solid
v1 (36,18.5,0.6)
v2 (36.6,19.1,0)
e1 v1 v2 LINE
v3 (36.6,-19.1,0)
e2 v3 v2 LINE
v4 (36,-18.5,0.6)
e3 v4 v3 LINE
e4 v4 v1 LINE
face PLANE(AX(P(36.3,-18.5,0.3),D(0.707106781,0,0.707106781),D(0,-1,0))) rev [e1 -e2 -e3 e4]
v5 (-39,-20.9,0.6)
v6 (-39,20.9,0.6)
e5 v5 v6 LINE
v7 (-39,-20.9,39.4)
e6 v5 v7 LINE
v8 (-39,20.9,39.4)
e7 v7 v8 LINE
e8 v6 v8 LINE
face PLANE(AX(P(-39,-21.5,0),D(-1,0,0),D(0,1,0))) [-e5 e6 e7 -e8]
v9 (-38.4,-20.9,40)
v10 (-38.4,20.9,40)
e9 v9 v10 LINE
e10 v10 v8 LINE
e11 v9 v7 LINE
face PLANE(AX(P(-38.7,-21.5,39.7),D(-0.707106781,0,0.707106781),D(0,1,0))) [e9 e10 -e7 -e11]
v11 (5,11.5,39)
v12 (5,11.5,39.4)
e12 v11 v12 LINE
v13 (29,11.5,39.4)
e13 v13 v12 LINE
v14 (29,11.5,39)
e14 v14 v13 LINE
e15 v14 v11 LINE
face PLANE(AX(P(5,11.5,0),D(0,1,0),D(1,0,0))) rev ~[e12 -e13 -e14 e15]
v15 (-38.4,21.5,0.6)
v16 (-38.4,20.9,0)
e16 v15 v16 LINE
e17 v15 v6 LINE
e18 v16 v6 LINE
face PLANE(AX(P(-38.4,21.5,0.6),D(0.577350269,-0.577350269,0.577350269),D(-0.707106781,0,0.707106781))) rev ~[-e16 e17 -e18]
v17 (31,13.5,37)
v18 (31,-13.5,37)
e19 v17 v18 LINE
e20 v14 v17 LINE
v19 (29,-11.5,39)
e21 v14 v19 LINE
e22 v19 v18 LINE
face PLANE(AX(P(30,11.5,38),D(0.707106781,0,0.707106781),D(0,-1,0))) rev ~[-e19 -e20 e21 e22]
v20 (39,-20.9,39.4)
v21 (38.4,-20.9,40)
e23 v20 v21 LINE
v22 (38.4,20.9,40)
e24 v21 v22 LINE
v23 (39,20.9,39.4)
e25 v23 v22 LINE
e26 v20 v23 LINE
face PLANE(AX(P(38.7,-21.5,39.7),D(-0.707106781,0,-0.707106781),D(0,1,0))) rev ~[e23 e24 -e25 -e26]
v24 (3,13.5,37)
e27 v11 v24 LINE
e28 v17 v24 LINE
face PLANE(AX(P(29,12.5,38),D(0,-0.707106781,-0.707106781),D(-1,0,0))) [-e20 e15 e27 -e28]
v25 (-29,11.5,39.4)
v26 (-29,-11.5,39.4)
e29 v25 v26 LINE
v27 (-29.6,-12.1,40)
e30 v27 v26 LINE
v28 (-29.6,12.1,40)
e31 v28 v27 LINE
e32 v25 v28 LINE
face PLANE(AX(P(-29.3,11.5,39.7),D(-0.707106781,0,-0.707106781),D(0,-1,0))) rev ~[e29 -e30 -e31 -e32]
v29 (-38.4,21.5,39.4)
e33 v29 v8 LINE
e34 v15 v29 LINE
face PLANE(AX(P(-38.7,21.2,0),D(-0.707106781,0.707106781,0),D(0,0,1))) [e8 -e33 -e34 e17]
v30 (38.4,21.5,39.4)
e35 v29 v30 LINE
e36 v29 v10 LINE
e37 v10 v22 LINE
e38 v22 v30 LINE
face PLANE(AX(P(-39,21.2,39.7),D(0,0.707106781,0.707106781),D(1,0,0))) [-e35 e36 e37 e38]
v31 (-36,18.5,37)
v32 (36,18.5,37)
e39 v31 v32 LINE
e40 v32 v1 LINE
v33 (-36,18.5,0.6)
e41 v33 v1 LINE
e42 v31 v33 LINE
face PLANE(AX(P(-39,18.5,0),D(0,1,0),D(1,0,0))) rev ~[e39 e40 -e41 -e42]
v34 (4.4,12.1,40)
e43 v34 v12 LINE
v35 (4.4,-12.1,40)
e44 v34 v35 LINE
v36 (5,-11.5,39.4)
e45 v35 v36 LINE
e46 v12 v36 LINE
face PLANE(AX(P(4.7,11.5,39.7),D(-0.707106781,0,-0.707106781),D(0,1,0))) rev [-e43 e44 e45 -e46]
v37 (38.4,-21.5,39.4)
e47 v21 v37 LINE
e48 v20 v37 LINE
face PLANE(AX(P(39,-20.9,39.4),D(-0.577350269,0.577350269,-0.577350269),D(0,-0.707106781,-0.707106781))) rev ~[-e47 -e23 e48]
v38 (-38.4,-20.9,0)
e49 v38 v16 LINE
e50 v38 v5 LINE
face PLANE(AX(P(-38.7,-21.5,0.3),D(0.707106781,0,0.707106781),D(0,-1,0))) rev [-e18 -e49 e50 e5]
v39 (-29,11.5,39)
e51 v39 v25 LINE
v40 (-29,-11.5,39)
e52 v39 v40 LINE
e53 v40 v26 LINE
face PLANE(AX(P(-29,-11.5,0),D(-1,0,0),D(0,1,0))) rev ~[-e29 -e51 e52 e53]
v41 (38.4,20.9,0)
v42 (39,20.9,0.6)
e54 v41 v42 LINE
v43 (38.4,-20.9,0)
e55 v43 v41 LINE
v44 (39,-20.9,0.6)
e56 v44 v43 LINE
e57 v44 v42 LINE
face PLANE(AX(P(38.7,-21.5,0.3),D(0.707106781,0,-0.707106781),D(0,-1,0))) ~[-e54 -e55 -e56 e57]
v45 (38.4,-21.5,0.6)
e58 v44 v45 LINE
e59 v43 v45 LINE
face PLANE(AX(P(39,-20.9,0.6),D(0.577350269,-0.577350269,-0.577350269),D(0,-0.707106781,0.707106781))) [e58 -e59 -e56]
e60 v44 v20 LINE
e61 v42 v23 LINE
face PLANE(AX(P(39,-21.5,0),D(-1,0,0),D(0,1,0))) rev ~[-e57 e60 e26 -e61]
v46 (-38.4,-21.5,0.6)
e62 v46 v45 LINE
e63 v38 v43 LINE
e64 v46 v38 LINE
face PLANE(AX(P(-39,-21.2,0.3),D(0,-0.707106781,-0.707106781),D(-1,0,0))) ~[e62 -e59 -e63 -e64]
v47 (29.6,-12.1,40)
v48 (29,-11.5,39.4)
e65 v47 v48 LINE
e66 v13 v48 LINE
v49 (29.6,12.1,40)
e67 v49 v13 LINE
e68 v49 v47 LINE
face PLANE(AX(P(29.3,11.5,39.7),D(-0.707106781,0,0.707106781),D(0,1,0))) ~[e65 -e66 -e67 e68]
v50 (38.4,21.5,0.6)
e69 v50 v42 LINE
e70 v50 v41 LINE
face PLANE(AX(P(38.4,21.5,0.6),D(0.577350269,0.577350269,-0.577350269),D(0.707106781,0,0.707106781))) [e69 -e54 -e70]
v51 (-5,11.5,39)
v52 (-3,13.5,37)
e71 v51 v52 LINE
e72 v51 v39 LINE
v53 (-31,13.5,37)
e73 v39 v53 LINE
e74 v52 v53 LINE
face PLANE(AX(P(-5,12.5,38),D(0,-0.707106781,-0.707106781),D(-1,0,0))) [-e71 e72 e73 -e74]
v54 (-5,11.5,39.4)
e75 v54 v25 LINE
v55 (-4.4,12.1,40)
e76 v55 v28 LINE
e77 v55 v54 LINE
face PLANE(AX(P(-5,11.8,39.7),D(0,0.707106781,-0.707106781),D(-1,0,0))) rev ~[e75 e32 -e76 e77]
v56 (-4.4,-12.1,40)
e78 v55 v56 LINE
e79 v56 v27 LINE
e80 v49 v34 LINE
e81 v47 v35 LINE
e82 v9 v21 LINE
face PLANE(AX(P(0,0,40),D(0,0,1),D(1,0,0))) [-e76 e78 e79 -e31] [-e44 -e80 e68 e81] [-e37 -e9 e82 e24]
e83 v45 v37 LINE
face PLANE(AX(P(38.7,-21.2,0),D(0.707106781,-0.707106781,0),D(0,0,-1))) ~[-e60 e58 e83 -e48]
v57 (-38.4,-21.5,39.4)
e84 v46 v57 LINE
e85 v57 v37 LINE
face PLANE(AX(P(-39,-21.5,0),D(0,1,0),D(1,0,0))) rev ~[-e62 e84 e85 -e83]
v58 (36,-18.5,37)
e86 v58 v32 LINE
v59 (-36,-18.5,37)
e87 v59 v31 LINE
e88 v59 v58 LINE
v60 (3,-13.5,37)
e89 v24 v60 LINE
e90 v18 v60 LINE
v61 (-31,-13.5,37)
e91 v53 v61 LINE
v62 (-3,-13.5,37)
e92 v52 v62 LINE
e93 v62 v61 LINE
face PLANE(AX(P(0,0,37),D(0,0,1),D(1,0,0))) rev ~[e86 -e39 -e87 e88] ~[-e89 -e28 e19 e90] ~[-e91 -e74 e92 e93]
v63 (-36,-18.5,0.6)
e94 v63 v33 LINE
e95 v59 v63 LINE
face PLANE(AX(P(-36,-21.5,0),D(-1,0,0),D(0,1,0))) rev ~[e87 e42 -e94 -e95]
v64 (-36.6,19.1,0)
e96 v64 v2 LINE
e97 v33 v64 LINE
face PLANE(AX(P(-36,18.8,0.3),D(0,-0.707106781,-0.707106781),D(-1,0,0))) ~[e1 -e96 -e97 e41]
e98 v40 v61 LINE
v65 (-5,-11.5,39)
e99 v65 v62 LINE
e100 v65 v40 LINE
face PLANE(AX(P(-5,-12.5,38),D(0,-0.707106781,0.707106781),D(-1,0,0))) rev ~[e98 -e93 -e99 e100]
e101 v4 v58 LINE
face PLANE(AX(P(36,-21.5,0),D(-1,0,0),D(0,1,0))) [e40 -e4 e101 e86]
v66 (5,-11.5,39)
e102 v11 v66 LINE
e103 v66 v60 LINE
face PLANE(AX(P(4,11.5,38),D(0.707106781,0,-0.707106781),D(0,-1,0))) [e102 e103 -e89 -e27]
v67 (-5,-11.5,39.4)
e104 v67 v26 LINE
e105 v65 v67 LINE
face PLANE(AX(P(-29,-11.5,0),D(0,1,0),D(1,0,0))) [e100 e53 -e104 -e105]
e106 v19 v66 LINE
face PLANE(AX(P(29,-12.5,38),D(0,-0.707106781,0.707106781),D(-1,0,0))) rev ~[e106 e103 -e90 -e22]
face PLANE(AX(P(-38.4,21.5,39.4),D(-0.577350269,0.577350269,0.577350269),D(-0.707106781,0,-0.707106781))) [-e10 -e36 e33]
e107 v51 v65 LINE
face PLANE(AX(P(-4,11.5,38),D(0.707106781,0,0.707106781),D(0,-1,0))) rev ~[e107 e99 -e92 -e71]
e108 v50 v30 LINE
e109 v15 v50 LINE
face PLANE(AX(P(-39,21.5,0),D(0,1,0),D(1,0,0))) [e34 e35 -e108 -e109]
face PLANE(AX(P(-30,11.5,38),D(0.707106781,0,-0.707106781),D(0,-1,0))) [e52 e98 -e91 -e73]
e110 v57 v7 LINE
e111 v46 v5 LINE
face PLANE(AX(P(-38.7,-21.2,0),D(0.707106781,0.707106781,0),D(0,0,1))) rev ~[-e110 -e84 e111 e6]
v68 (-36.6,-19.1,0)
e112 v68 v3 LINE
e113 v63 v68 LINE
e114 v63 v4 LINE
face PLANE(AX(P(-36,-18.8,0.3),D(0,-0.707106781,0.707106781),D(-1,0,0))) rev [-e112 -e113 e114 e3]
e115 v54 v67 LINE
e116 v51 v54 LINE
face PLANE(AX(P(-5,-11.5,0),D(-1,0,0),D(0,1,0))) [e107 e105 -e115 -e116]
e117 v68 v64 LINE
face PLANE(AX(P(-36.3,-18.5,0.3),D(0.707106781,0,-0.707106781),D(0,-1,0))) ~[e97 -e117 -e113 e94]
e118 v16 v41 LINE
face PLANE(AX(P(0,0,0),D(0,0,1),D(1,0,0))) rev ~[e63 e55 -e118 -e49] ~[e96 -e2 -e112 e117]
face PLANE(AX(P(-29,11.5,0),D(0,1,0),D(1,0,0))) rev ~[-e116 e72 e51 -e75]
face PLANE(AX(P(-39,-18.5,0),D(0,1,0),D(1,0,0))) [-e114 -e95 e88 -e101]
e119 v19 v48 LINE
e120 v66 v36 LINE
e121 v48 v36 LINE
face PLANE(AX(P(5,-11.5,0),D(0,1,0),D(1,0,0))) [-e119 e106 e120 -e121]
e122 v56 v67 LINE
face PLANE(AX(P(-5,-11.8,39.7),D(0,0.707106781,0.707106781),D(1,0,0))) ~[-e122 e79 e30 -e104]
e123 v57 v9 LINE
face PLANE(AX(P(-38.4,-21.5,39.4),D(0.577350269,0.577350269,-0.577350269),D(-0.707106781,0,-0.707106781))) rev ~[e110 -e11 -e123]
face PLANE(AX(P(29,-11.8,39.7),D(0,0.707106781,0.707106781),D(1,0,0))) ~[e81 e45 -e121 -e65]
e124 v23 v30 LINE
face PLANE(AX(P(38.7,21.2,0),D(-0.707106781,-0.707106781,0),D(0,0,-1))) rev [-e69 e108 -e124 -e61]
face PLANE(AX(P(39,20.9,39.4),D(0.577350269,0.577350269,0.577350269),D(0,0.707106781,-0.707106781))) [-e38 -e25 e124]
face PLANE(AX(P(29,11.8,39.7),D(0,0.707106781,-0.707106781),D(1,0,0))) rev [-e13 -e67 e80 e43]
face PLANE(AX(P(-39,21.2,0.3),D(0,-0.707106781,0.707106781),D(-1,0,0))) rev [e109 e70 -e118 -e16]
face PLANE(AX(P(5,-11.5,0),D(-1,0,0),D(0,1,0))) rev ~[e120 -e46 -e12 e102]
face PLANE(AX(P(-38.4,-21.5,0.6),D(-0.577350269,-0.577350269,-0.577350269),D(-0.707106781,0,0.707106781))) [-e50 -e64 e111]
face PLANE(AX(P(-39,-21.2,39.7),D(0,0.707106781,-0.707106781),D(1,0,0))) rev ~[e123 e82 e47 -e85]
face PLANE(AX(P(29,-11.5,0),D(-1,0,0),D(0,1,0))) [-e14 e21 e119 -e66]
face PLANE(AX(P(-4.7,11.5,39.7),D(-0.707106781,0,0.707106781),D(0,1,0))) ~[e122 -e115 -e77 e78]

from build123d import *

# Parameters (mm, degrees)
SKETCH001_W     = 78
SKETCH001_H     = 43
PAD009_DEPTH    = 40
THICKNESS_T     = -3
SKETCH008_W     = 24
SKETCH008_H     = 23
POCKET_DEPTH    = 40.001
CHAMFER009_SIZE = 2
CHAMFER010_SIZE = 0.6


with BuildPart() as part:
    # Sketch001 → Pad009 (new body)
    with BuildSketch(Plane.XY):
        Rectangle(SKETCH001_W, SKETCH001_H)
    extrude(amount=PAD009_DEPTH)

    # Thickness
    thickness_openings = [part.faces().sort_by_distance(p)[0] for p in [
        (0, 0, 0),
    ]]
    offset(amount=THICKNESS_T, openings=thickness_openings)

    # Sketch008 → Pocket (cut, through all)
    with BuildSketch(Plane.XY):
        with Locations((-17, 0)):
            Rectangle(SKETCH008_W, SKETCH008_H)
        with Locations((17, 0)):
            Rectangle(SKETCH008_W, SKETCH008_H)
    extrude(amount=POCKET_DEPTH, mode=Mode.SUBTRACT)

    # Chamfer009
    chamfer009_edges = [part.edges().sort_by_distance(p)[0] for p in [
        (-5, 0, 37),
        (-17, -11.5, 37),
        (-29, 0, 37),
        (17, -11.5, 37),
        (5, 0, 37),
        (29, 0, 37),
        (-17, 11.5, 37),
        (17, 11.5, 37),
    ]]
    chamfer(chamfer009_edges, length=CHAMFER009_SIZE)

    # Chamfer010
    chamfer010_edges = [part.edges().sort_by_distance(p)[0] for p in [
        (-39, 0, 0),
        (0, -21.5, 0),
        (39, 0, 0),
        (0, 21.5, 0),
        (-36, 0, 0),
        (0, 18.5, 0),
        (36, 0, 0),
        (0, -18.5, 0),
        (-39, 0, 40),
        (0, 21.5, 40),
        (0, -21.5, 40),
        (39, 0, 40),
        (17, -11.5, 40),
        (29, 0, 40),
        (17, 11.5, 40),
        (5, 0, 40),
        (-17, -11.5, 40),
        (-5, 0, 40),
        (-17, 11.5, 40),
        (-29, 0, 40),
        (39, 21.5, 20),
        (-39, 21.5, 20),
        (-39, -21.5, 20),
        (39, -21.5, 20),
    ]]
    chamfer(chamfer010_edges, length=CHAMFER010_SIZE)


solid = part.part
